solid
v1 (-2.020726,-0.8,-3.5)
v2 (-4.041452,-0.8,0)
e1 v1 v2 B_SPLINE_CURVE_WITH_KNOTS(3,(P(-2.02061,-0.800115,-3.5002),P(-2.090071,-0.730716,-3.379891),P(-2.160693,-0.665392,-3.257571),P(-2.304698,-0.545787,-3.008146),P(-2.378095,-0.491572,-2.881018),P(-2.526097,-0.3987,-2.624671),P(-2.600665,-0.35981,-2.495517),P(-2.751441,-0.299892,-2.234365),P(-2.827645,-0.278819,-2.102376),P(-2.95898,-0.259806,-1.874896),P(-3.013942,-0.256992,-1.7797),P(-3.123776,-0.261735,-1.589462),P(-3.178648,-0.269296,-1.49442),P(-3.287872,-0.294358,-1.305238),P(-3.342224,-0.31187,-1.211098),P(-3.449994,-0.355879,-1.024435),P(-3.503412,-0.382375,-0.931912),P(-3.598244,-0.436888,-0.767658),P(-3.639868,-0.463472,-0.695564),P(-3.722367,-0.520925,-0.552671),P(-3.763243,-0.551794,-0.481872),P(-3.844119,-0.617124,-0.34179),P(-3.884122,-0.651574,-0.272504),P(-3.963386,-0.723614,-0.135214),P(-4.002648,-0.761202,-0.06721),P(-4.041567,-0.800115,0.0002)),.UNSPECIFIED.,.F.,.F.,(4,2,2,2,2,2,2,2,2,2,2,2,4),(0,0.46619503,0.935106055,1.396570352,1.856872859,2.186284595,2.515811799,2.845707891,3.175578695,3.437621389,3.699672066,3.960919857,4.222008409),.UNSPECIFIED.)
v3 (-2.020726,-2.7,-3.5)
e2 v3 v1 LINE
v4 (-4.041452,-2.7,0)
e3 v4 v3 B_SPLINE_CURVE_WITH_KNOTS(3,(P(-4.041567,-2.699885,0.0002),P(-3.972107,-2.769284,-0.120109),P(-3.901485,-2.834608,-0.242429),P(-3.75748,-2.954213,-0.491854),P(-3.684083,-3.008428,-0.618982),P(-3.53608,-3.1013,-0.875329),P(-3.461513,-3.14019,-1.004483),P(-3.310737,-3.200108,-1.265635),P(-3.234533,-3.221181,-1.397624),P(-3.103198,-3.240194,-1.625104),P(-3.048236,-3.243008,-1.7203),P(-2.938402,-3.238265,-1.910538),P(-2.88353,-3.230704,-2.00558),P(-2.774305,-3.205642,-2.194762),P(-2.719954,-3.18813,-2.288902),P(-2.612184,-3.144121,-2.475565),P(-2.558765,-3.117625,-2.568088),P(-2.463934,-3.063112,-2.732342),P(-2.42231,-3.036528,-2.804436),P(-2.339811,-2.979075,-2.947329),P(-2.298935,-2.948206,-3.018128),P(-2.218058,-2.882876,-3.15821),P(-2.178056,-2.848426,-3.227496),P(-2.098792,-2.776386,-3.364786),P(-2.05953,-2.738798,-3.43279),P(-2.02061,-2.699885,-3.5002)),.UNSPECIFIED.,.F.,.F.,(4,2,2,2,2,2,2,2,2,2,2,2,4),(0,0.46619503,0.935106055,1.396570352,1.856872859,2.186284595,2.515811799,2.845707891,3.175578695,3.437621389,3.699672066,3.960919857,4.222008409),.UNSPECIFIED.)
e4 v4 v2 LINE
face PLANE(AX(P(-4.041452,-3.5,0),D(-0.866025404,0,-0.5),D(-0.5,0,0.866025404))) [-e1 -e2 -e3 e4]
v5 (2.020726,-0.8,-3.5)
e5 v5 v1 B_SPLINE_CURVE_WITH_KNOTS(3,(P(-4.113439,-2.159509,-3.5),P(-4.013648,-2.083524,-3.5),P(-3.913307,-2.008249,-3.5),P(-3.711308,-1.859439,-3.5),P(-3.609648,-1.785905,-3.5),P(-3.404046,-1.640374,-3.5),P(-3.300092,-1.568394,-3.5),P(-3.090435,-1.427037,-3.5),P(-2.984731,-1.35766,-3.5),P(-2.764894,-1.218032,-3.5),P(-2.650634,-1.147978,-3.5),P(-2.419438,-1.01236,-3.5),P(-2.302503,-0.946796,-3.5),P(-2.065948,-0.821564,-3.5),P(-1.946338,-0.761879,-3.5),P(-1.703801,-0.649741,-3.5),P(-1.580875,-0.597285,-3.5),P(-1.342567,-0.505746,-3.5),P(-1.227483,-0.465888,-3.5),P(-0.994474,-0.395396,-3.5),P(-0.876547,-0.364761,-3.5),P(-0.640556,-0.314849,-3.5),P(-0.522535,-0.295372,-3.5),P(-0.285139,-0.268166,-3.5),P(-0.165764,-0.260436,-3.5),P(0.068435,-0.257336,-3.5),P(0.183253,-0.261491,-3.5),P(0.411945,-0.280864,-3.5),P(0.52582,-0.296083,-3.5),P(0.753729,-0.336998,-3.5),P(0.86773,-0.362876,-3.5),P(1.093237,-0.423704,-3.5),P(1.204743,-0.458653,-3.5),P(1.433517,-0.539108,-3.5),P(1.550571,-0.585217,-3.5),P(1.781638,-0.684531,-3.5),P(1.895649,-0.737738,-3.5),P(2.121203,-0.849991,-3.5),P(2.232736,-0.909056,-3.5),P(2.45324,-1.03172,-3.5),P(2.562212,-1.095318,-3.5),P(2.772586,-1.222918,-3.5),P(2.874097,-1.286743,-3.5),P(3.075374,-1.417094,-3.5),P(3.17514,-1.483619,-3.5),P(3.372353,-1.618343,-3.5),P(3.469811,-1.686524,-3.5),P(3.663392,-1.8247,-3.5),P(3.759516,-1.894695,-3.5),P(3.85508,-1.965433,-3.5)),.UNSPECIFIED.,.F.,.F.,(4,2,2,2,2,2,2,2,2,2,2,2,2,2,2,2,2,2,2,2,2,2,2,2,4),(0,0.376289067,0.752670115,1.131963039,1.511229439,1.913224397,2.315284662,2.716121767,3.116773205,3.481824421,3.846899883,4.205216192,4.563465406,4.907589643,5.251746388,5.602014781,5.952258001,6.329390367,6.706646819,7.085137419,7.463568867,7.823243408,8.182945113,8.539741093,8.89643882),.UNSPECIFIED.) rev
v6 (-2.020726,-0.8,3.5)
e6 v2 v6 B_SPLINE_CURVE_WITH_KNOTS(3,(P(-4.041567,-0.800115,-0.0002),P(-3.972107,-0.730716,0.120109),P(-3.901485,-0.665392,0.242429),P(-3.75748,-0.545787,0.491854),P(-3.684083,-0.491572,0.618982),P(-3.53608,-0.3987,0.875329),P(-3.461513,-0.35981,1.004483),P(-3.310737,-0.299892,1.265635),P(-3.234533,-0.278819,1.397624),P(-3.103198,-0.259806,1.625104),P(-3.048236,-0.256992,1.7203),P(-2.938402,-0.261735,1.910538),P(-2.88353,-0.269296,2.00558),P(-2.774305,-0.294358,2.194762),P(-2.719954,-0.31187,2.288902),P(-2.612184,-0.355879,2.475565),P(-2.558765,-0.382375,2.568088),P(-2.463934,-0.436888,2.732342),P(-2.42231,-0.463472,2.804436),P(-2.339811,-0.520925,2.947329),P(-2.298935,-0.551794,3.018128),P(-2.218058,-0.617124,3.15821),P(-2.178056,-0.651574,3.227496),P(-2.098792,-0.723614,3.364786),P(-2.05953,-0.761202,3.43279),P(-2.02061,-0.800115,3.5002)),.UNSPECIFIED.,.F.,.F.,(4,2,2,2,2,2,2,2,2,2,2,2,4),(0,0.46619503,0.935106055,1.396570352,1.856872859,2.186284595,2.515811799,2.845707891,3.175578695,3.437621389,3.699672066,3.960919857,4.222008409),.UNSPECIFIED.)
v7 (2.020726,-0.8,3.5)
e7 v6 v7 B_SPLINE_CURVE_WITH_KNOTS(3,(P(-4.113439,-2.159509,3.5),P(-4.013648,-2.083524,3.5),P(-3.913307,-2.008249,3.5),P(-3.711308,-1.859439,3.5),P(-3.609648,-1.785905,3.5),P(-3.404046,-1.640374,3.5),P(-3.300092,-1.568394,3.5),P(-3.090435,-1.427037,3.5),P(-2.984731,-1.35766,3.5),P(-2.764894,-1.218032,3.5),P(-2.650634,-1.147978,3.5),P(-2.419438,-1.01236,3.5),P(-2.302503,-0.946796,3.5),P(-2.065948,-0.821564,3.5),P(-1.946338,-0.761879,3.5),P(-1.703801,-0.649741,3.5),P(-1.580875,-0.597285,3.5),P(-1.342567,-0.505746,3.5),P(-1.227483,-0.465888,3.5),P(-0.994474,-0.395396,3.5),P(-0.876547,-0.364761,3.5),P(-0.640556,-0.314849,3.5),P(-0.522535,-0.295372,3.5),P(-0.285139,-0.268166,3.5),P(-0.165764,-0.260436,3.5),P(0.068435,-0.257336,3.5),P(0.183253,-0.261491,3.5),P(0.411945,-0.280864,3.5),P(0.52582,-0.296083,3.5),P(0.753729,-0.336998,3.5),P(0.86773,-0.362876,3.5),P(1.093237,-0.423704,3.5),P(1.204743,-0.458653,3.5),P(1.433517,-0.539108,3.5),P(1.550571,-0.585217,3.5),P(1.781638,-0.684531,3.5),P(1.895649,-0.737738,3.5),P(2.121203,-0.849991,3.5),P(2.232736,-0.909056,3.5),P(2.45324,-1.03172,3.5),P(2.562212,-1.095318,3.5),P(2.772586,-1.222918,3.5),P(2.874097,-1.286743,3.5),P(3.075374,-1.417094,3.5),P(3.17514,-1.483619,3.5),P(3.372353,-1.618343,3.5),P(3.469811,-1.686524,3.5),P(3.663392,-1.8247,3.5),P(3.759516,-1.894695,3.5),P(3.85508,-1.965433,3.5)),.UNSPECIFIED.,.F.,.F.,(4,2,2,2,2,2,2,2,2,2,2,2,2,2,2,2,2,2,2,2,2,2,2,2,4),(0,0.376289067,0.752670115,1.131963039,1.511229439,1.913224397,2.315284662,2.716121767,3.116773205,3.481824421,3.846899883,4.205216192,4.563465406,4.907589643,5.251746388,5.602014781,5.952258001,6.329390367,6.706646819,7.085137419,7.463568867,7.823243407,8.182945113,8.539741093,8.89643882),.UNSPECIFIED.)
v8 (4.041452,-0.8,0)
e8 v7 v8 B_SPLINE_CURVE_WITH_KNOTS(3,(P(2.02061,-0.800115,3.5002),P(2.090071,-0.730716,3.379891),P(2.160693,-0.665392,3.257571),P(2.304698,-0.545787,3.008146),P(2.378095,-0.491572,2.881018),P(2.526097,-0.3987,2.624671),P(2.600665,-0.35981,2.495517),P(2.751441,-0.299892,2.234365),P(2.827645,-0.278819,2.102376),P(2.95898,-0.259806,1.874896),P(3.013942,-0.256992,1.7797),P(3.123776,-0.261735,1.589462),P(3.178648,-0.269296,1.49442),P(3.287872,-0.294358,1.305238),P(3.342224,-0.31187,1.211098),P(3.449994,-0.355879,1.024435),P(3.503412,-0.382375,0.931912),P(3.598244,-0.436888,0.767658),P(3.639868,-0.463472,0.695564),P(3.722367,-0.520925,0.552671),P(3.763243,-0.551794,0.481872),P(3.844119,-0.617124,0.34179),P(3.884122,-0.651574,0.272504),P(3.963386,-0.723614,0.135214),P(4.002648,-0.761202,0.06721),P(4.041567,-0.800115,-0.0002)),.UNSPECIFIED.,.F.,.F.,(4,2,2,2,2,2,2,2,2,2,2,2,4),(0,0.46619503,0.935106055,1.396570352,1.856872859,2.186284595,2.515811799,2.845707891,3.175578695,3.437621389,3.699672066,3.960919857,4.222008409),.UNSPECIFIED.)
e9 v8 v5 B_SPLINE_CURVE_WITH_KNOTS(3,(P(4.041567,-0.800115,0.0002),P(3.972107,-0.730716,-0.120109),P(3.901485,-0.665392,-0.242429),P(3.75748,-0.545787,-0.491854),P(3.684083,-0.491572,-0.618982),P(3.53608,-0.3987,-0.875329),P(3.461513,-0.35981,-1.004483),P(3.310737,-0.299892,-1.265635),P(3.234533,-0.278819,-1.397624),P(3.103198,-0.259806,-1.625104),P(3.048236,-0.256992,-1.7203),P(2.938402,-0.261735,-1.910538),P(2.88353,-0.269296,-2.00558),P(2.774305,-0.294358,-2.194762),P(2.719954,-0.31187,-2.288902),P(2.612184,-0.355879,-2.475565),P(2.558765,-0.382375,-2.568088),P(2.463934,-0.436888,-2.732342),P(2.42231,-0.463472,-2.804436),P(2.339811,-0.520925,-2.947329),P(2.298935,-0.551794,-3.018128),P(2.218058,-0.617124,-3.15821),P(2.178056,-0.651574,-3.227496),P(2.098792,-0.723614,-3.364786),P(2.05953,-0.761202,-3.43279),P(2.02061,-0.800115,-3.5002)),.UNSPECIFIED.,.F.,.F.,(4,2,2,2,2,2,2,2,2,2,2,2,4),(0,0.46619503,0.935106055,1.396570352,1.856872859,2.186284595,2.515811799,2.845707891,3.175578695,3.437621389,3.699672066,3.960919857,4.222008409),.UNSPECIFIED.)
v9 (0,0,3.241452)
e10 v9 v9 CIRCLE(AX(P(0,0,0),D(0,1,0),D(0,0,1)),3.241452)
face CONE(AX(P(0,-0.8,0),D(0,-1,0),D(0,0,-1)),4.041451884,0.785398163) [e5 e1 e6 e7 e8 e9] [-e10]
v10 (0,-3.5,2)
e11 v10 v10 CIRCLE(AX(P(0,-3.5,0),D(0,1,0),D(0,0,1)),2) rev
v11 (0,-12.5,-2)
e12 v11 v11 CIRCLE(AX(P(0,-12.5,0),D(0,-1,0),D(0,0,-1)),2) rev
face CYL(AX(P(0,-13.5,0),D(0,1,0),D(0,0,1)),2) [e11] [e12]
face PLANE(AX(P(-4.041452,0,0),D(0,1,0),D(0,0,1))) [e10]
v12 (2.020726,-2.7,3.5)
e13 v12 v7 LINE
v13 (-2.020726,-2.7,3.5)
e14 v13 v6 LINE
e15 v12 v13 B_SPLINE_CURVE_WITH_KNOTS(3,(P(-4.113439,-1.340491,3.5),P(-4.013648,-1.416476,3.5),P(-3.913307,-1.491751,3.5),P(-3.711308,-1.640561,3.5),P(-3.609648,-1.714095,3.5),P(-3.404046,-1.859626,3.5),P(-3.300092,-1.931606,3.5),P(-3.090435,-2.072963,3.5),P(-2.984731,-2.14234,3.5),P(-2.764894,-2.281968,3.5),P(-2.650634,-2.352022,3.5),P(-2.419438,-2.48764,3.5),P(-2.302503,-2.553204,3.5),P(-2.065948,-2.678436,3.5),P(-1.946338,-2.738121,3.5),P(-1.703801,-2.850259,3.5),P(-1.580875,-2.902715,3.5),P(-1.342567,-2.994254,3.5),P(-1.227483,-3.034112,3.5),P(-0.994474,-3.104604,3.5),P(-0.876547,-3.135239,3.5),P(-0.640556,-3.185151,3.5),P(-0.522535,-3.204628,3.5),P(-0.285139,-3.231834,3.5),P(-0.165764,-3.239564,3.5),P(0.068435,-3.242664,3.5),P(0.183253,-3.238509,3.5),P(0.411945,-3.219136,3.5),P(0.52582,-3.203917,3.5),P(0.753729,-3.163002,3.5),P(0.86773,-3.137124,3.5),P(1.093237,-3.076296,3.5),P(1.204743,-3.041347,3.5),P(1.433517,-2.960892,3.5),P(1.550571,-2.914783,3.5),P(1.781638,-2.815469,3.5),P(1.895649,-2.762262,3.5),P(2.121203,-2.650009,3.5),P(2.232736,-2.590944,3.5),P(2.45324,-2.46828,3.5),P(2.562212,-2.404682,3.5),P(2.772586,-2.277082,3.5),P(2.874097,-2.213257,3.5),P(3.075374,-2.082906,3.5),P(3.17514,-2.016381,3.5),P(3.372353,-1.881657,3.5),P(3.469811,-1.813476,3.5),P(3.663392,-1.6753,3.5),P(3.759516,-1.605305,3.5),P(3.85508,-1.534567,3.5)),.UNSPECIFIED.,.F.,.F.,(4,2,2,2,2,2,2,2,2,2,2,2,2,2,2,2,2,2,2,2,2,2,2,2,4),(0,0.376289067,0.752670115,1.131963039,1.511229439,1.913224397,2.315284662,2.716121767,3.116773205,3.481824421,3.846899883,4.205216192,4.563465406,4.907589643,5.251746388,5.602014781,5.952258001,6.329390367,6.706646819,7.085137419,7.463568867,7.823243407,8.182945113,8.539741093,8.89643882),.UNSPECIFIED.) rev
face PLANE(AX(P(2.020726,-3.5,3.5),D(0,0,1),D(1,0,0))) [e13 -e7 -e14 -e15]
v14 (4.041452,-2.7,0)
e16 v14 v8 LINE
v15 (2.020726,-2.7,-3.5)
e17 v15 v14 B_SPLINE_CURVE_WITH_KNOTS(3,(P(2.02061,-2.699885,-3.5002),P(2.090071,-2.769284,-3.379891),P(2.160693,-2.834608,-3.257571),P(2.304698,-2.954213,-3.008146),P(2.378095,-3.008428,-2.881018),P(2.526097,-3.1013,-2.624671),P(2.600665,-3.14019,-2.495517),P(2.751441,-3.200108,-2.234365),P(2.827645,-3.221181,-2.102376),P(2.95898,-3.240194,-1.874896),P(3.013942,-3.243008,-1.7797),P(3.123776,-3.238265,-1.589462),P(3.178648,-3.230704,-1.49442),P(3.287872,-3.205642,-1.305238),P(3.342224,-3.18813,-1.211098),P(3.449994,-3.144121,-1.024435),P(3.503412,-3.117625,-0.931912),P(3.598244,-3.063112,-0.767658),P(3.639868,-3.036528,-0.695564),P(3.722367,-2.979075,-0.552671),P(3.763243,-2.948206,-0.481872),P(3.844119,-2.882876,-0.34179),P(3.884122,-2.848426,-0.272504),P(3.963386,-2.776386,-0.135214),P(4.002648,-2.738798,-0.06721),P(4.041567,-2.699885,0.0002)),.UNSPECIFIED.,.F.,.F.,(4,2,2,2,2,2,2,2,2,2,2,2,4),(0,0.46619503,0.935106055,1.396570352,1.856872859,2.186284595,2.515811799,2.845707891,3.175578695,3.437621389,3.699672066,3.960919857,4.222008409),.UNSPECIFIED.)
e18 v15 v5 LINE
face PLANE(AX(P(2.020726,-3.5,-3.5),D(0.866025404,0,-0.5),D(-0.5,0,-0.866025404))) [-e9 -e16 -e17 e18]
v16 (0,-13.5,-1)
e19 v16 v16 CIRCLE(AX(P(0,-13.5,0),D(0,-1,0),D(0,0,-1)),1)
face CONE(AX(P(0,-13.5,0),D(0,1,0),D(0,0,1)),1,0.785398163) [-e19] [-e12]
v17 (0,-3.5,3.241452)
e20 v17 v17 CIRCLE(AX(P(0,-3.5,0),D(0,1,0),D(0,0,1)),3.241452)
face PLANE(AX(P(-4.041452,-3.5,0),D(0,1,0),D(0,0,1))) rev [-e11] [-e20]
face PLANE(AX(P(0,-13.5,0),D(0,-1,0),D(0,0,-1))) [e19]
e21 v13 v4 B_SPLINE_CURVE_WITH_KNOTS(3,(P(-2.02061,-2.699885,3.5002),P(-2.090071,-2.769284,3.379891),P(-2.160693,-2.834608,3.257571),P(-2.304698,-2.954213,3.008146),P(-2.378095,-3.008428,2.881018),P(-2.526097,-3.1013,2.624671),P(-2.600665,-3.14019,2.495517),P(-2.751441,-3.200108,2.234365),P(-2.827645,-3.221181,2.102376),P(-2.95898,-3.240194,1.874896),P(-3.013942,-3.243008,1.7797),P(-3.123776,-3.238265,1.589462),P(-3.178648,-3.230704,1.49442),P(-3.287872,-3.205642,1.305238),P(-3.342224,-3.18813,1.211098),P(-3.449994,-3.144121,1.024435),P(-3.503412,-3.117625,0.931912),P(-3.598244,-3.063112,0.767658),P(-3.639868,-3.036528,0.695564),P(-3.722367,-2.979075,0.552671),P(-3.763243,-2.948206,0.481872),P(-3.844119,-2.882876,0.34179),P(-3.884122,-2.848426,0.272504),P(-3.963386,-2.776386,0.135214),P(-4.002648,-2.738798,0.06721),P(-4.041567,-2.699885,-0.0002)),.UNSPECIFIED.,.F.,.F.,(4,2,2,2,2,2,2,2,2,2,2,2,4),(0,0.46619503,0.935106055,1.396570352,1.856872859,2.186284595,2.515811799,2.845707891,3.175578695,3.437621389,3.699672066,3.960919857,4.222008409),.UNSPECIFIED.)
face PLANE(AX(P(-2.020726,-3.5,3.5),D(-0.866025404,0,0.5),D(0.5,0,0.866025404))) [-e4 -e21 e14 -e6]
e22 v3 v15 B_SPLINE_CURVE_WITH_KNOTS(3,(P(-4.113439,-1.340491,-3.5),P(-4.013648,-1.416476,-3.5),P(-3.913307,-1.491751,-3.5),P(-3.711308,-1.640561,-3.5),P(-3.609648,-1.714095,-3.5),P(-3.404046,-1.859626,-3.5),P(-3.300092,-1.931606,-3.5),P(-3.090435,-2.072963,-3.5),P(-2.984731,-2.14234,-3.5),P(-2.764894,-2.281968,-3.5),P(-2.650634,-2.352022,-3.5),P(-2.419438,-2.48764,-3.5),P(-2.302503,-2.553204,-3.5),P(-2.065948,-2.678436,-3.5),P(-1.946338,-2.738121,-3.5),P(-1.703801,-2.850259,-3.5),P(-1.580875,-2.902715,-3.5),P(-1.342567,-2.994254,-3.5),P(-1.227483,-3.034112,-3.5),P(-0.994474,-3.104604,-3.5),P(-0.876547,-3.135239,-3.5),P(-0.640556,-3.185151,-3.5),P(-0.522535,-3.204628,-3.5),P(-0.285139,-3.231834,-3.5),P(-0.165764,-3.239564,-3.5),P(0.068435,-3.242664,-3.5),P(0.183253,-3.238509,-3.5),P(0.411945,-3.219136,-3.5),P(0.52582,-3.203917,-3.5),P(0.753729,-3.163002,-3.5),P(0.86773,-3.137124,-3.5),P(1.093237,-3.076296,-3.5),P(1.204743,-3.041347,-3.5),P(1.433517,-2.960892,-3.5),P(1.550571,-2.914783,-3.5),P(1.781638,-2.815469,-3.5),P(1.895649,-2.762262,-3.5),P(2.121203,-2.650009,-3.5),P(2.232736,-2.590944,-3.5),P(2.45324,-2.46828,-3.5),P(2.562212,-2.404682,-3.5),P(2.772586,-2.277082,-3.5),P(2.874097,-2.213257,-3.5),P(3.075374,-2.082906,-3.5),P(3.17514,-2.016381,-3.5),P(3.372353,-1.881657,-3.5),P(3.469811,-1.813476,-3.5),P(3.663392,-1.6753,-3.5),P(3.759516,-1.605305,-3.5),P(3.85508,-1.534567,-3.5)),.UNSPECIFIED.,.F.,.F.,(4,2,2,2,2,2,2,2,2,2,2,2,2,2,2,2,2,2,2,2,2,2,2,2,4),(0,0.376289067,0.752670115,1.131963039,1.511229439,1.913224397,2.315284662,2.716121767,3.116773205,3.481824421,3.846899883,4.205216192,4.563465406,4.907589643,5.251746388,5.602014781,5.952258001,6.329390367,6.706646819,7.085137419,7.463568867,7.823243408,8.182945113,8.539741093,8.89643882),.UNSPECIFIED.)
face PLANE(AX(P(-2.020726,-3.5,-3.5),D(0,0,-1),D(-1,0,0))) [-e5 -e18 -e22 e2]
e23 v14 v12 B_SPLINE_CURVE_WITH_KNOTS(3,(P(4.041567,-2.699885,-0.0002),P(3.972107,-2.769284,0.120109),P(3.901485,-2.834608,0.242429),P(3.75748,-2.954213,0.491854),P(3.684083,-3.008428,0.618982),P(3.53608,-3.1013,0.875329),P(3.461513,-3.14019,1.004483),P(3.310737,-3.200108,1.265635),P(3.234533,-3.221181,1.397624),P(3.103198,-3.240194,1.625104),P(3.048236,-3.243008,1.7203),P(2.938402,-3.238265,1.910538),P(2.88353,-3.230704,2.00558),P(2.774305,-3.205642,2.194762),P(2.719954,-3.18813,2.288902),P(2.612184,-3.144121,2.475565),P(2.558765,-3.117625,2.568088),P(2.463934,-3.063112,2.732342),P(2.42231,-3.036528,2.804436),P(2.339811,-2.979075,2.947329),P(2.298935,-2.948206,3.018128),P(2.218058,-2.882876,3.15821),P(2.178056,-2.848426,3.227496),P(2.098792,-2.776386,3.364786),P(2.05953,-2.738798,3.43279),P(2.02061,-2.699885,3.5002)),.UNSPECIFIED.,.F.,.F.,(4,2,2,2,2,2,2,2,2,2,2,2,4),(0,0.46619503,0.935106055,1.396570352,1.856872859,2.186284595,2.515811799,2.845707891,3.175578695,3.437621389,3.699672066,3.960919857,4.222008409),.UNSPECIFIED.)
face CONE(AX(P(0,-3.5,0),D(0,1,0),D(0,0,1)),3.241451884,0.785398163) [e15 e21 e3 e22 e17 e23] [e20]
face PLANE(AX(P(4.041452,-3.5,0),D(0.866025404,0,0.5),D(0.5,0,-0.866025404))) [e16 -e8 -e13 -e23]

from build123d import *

# Parameters (mm, degrees)
EXTRUDE_1_DEPTH = 3.5
SKETCH_5_R      = 2
EXTRUDE_2_DEPTH = 10
CHAMFER_1_SIZE  = 1


with BuildPart() as part:
    # Эскиз1 → Вытянуть1 (new body)
    with BuildSketch(Plane(origin=(0, 0, 0), x_dir=(1, 0, 0), z_dir=(0, 1, 0))):
        Polygon((-2.020725942, 3.5), (2.020725942, 3.5), (4.041451884, 0), (2.020725942, -3.5), (-2.020725942, -3.5), (-4.041451884, 0), align=None)
    extrude(amount=-EXTRUDE_1_DEPTH)

    # Эскиз5 → Вытянуть2 (add)
    with BuildSketch(Plane.XZ.offset(3.5)):
        with Locations(Location((0, 0, 0), (0, 0, 90))):
            Circle(SKETCH_5_R)
    extrude(amount=EXTRUDE_2_DEPTH)

    # Фаска1
    chamfer_1_edges = [part.edges().sort_by_distance(p)[0] for p in [
        (0, -13.5, -2),
    ]]
    chamfer(chamfer_1_edges, length=CHAMFER_1_SIZE)

    # Эскиз4 → Вырез-Повернуть1 (revolve, cut)
    with BuildSketch(Plane.XY, mode=Mode.PRIVATE) as cut_revolve_1_sk:
        Polygon((-4.041451884, -0.8), (-3.241451884, 0), (-4.041451884, 0), align=None)
        Polygon((-4.041451884, -2.7), (-3.241451884, -3.5), (-4.041451884, -3.5), align=None)
    revolve(cut_revolve_1_sk.sketch.rotate(Axis((0, -3.5, 0), (0, -1, 0)), 120.000000136), axis=Axis((0, -3.5, 0), (0, -1, 0)), mode=Mode.SUBTRACT)


solid = part.part
